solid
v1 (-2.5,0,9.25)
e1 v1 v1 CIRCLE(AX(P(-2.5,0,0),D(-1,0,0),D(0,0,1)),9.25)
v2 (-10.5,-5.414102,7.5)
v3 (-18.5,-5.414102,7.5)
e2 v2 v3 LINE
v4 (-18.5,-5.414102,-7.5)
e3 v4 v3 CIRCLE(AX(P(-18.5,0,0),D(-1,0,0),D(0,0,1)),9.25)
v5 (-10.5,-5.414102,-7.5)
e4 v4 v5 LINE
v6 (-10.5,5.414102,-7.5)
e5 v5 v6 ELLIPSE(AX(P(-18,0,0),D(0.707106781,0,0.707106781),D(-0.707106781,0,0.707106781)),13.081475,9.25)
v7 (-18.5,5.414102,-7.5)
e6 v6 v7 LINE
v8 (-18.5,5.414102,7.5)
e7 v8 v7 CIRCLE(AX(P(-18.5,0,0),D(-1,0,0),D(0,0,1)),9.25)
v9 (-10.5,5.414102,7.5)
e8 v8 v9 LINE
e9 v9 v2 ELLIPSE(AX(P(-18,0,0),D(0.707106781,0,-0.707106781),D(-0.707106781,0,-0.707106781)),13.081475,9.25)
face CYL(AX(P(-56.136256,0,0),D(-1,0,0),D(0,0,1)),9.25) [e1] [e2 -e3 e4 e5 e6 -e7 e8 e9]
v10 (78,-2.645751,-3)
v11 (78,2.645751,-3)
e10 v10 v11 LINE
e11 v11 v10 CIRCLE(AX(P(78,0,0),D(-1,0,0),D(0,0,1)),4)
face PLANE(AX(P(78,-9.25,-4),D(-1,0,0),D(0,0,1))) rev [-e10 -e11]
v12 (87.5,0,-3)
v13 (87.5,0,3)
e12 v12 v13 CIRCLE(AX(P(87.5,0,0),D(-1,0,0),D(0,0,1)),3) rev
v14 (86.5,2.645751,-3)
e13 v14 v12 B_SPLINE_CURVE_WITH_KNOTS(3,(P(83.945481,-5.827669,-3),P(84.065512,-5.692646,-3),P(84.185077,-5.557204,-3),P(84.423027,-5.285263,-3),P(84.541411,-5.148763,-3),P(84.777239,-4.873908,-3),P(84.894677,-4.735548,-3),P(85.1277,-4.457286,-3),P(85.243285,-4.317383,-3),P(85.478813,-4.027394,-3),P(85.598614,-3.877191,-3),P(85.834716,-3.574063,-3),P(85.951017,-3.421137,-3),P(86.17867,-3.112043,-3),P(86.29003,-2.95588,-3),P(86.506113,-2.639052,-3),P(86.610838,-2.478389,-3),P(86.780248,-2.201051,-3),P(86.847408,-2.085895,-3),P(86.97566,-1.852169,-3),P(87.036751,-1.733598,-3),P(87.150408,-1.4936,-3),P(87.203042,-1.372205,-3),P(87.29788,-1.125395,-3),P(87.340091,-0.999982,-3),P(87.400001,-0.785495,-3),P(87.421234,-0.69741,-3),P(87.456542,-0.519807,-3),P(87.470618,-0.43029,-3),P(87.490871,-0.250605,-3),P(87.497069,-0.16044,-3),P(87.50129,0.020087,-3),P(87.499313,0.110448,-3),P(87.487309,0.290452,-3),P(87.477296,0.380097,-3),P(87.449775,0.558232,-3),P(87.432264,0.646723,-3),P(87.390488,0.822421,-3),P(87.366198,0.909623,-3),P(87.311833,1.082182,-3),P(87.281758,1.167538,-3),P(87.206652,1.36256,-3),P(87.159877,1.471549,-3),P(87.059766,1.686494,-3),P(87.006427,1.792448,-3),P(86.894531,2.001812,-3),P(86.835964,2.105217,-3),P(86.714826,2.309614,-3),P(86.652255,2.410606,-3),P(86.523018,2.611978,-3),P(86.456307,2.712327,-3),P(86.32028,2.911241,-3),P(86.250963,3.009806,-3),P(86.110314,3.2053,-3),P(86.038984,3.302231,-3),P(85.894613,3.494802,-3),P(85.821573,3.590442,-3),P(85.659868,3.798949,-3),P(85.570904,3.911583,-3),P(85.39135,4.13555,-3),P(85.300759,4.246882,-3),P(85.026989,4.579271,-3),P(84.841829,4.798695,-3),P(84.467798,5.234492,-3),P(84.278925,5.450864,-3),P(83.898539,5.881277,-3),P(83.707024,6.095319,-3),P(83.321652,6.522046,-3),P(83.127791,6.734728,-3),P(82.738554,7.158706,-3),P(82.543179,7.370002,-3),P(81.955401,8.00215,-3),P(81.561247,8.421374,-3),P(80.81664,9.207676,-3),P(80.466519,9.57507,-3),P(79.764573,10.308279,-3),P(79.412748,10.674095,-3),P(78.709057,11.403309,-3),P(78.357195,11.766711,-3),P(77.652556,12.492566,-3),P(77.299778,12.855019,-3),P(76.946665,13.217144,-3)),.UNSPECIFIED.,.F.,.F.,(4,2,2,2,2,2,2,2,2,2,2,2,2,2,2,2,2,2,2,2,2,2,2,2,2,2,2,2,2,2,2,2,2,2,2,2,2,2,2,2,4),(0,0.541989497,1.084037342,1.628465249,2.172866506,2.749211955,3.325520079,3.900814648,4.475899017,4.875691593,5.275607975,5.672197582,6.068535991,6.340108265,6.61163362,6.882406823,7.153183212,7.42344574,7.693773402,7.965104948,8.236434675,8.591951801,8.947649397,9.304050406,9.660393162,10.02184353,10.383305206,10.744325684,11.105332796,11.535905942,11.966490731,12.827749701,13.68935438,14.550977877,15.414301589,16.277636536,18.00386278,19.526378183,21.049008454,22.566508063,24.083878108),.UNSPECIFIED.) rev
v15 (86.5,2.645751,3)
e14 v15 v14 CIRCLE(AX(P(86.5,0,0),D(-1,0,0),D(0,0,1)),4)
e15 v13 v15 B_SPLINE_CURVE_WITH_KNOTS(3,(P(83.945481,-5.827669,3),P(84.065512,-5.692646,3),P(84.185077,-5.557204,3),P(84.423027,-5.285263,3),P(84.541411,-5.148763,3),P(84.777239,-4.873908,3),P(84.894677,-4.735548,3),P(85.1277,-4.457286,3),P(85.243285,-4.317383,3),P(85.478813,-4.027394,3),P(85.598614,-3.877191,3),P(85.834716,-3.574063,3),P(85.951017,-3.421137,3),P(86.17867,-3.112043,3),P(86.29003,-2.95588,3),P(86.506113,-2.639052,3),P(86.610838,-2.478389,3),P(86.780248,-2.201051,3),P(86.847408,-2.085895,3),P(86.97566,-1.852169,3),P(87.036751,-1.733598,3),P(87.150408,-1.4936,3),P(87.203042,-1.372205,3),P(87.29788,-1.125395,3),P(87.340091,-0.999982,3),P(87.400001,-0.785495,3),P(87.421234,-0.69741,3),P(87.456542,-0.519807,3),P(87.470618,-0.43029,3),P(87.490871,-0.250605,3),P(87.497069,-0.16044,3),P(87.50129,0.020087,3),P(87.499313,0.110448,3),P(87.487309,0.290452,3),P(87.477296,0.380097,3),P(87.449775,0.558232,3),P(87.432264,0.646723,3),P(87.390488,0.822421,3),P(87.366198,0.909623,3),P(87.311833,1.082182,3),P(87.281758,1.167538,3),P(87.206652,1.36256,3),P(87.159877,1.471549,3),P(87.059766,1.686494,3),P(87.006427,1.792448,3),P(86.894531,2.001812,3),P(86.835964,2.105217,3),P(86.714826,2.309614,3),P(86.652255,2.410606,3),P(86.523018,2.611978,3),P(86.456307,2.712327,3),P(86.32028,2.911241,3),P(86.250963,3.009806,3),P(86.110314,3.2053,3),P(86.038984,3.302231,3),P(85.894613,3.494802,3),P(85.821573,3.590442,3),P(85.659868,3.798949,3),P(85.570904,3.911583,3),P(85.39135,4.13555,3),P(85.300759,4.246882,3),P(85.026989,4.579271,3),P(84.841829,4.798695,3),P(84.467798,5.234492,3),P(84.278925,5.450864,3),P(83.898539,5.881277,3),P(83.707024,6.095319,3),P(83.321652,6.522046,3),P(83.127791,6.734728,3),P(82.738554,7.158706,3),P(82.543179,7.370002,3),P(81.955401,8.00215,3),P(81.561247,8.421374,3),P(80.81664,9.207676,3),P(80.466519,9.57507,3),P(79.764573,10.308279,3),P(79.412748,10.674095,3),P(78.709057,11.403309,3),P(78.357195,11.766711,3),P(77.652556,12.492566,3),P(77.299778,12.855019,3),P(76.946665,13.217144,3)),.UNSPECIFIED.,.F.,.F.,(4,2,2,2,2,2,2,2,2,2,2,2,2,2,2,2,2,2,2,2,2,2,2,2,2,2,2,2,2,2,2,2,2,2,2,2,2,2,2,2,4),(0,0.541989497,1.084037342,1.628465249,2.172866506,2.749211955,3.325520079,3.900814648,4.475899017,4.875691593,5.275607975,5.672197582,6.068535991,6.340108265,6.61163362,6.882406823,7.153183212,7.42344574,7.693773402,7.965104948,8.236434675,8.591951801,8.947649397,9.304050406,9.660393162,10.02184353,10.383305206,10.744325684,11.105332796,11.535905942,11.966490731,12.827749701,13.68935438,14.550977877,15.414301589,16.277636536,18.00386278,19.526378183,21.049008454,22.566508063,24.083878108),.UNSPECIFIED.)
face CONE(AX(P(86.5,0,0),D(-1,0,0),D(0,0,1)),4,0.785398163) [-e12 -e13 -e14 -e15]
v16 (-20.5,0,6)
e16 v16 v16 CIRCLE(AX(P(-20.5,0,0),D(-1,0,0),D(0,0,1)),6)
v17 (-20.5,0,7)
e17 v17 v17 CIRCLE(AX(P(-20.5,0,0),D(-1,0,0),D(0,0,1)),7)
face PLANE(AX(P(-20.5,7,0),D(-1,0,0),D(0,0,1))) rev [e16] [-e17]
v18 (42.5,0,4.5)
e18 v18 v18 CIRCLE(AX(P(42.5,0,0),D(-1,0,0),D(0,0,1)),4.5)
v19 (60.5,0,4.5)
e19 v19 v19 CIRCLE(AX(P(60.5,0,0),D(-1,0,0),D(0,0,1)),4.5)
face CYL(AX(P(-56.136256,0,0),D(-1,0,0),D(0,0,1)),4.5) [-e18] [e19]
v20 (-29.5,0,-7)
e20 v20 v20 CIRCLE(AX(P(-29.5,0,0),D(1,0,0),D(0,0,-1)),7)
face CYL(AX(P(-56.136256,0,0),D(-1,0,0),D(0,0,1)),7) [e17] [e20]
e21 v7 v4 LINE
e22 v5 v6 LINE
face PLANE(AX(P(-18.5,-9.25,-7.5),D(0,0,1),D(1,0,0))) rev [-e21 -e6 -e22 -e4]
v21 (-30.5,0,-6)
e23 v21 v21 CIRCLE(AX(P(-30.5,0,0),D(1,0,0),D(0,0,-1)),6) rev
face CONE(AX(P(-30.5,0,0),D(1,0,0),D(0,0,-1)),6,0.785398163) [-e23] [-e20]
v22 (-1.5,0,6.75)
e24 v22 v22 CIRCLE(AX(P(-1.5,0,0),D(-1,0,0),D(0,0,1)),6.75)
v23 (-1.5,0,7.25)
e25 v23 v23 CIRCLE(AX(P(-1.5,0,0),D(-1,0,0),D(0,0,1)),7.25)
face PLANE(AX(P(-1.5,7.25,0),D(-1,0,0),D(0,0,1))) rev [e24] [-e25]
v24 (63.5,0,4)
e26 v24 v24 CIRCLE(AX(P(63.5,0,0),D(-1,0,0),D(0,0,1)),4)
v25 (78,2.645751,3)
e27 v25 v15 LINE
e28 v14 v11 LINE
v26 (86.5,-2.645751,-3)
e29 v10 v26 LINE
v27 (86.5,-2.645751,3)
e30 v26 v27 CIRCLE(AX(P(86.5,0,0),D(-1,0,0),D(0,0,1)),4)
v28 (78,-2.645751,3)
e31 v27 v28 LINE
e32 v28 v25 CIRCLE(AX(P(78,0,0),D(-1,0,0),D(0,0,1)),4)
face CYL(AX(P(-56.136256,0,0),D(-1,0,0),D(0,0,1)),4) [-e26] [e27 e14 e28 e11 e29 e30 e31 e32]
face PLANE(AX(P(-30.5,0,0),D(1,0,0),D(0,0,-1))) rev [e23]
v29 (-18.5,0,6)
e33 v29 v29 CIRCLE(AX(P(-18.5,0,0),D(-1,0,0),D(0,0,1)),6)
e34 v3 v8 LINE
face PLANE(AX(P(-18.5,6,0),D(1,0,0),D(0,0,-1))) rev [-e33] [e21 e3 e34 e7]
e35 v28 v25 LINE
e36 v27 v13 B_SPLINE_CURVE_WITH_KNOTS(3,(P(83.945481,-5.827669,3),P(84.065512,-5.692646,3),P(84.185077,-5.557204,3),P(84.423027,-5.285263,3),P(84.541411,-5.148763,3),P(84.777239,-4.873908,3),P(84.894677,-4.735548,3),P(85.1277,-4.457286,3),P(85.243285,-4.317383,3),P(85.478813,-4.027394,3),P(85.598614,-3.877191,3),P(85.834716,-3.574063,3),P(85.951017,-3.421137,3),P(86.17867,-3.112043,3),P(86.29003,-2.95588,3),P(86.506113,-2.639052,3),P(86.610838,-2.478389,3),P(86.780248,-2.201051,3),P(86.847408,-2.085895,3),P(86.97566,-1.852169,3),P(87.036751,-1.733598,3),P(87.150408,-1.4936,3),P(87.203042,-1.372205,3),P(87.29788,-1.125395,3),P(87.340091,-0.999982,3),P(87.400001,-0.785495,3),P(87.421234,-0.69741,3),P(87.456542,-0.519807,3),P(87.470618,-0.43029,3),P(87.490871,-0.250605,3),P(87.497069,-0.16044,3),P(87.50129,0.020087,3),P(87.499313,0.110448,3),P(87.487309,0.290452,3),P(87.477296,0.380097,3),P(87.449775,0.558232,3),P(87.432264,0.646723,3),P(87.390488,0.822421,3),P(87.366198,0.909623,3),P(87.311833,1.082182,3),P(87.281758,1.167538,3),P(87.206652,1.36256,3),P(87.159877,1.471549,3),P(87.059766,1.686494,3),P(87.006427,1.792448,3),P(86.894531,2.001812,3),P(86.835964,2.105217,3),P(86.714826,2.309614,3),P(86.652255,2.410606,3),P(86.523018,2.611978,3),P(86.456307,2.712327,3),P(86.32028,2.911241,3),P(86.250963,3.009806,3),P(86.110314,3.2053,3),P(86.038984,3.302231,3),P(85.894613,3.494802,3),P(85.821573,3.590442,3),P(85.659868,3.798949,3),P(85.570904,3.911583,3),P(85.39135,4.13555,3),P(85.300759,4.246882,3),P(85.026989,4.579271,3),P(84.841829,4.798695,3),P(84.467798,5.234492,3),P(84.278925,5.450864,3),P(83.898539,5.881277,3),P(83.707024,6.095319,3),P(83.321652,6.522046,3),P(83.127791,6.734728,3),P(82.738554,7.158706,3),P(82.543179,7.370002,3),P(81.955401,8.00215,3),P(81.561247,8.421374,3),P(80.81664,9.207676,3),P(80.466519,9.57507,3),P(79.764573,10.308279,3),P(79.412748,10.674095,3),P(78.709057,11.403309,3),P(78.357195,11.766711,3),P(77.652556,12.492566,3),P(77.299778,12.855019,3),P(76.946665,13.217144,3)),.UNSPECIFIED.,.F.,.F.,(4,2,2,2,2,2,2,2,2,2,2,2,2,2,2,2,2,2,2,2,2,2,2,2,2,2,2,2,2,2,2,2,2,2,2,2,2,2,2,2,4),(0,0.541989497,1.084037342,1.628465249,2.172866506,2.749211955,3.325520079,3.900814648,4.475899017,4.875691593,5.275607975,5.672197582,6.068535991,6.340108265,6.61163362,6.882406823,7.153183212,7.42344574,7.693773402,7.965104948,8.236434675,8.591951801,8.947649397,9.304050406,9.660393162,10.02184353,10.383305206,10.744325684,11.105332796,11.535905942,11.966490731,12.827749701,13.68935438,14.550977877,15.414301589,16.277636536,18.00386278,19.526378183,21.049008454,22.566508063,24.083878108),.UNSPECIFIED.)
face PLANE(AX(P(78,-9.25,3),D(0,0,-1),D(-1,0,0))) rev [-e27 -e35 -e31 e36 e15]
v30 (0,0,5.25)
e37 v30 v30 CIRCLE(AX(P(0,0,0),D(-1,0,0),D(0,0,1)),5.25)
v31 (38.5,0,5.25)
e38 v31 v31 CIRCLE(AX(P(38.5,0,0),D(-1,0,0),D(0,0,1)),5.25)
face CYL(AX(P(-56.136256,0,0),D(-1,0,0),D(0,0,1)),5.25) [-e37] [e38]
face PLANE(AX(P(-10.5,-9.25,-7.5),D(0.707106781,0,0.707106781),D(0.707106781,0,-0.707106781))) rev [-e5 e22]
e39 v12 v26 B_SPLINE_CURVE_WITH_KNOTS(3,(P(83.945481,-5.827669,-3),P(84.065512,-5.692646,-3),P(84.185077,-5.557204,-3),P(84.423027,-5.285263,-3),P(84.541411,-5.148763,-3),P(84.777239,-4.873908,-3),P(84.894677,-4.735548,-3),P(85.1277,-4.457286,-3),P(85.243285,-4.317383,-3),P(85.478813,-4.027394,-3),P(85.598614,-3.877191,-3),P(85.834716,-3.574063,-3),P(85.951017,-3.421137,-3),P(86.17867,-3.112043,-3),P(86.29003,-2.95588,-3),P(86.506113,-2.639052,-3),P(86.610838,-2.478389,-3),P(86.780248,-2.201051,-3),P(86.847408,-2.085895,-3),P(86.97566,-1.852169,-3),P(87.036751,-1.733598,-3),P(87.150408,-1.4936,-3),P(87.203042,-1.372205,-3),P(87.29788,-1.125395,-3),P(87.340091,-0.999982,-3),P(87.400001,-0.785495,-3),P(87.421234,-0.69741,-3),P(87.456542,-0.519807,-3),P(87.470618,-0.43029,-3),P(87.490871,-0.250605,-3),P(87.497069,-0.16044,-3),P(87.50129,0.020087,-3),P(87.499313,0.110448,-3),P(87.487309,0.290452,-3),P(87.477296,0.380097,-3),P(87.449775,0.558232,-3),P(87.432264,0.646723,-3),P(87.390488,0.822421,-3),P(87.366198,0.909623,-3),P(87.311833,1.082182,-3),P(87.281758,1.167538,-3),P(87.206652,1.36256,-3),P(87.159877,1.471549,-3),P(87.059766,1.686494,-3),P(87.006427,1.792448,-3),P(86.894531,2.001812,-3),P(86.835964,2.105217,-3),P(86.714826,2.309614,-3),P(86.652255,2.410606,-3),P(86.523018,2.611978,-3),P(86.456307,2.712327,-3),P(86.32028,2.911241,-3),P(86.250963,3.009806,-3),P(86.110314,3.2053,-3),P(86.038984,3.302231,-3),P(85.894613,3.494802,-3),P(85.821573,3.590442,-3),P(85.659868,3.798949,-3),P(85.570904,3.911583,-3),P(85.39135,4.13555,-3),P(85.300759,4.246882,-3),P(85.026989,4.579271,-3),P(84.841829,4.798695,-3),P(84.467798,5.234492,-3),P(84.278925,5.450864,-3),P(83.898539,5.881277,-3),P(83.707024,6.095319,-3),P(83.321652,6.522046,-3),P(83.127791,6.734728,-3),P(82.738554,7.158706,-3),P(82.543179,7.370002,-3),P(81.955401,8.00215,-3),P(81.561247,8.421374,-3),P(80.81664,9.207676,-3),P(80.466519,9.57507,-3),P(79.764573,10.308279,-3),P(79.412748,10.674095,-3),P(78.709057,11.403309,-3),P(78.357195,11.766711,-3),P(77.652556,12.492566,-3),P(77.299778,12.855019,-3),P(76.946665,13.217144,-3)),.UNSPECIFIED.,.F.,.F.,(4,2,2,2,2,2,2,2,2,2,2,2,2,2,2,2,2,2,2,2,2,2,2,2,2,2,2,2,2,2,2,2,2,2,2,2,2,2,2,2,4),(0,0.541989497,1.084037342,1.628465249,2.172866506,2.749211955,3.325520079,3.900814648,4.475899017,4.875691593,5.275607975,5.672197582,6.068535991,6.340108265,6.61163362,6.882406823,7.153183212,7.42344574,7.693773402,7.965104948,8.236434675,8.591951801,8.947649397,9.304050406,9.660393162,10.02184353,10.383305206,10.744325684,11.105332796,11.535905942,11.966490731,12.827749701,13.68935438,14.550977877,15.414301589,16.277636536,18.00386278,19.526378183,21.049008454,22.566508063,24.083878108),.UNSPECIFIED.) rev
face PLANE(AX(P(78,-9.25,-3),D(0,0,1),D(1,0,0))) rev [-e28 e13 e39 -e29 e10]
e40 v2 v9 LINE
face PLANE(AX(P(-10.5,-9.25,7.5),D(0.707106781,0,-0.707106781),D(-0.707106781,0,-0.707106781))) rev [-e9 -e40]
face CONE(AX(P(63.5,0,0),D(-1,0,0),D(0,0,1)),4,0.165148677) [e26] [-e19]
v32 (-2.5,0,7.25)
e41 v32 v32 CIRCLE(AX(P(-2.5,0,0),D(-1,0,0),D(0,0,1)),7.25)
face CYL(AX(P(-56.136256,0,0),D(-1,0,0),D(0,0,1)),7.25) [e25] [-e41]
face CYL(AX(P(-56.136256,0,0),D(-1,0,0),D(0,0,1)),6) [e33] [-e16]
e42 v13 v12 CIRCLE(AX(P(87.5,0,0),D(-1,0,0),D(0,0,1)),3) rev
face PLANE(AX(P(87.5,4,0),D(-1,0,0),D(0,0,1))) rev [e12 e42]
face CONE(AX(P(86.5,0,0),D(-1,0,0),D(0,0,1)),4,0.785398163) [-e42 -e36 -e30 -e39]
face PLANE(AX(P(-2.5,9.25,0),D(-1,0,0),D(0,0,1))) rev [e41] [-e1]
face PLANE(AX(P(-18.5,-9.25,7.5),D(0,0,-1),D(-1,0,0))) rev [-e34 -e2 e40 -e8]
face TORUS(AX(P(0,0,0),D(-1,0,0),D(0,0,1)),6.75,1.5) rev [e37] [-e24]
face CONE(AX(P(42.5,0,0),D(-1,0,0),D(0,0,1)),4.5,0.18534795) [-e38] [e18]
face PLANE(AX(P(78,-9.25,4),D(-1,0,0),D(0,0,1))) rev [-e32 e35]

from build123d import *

# Parameters (mm, degrees)
CHANFREIN1_SIZE              = 1
ESQUISSE2_W                  = 9.5
ESQUISSE2_H                  = 1
ENL_V_MAT_EXTRU_1_DEPTH      = 10.25
ENL_V_MAT_EXTRU_1_DEPTH_BACK = 10.25
ENL_V_MAT_EXTRU_3_DEPTH      = 10.25
ENL_V_MAT_EXTRU_3_DEPTH_BACK = 10.25


with BuildPart() as part:
    # Esquisse1 → Révolution1 (revolve)
    with BuildSketch(Plane.XY, mode=Mode.PRIVATE) as r_volution1_sk:
        with BuildLine():
            Line((-30.5, 0), (-30.5, 7))
            Line((-30.5, 7), (-20.5, 7))
            Line((-20.5, 7), (-20.5, 6))
            Line((-20.5, 6), (-18.5, 6))
            Line((-18.5, 6), (-18.5, 9.25))
            Line((-18.5, 9.25), (-2.5, 9.25))
            Line((-2.5, 9.25), (-2.5, 7.25))
            Line((-2.5, 7.25), (-1.5, 7.25))
            Line((-1.5, 7.25), (-1.5, 6.75))
            ThreePointArc((-1.5, 6.75), (-1.060660172, 5.689339828), (0, 5.25))
            Line((0, 5.25), (38.5, 5.25))
            Line((38.5, 5.25), (42.5, 4.5))
            Line((42.5, 4.5), (60.5, 4.5))
            Line((60.5, 4.5), (63.5, 4))
            Line((63.5, 4), (87.5, 4))
            Line((87.5, 4), (87.5, 0))
            Line((87.5, 0), (-30.5, 0))
        make_face()
    revolve(r_volution1_sk.sketch.rotate(Axis((-56.136256415, 0, 0), (1, 0, 0)), 90), axis=Axis((-56.136256415, 0, 0), (1, 0, 0)))  # turned: the seam where the file's is

    # Chanfrein1
    chanfrein1_edges = [part.edges().sort_by_distance(p)[0] for p in [
        (87.5, 0, -4),
        (-30.5, 0, -7),
    ]]
    chamfer(chanfrein1_edges, length=CHANFREIN1_SIZE)

    # Esquisse2 → Enlèv. mat.-Extru.1 (cut, two sides)
    with BuildSketch(Plane(origin=(0, 0, 0), x_dir=(1, 0, 0), z_dir=(0, 1, 0))) as enl_v_mat_extru_1_sk:
        with Locations((82.75, 3.5)):
            Rectangle(ESQUISSE2_W, ESQUISSE2_H)
        with Locations((82.75, -3.5)):
            Rectangle(ESQUISSE2_W, ESQUISSE2_H)
    extrude(amount=ENL_V_MAT_EXTRU_1_DEPTH, mode=Mode.SUBTRACT)
    extrude(enl_v_mat_extru_1_sk.sketch, amount=-ENL_V_MAT_EXTRU_1_DEPTH_BACK, mode=Mode.SUBTRACT)

    # Esquisse4 → Enlèv. mat.-Extru.3 (cut, two sides)
    with BuildSketch(Plane(origin=(0, 0, 0), x_dir=(1, 0, 0), z_dir=(0, 1, 0))) as enl_v_mat_extru_3_sk:
        Polygon((-10.5, 7.5), (-8.75, 9.25), (-18.5, 9.25), (-18.5, 7.5), align=None)
        Polygon((-18.5, -7.5), (-10.5, -7.5), (-8.75, -9.25), (-18.5, -9.25), align=None)
    extrude(amount=ENL_V_MAT_EXTRU_3_DEPTH, mode=Mode.SUBTRACT)
    extrude(enl_v_mat_extru_3_sk.sketch, amount=-ENL_V_MAT_EXTRU_3_DEPTH_BACK, mode=Mode.SUBTRACT)


solid = part.part
